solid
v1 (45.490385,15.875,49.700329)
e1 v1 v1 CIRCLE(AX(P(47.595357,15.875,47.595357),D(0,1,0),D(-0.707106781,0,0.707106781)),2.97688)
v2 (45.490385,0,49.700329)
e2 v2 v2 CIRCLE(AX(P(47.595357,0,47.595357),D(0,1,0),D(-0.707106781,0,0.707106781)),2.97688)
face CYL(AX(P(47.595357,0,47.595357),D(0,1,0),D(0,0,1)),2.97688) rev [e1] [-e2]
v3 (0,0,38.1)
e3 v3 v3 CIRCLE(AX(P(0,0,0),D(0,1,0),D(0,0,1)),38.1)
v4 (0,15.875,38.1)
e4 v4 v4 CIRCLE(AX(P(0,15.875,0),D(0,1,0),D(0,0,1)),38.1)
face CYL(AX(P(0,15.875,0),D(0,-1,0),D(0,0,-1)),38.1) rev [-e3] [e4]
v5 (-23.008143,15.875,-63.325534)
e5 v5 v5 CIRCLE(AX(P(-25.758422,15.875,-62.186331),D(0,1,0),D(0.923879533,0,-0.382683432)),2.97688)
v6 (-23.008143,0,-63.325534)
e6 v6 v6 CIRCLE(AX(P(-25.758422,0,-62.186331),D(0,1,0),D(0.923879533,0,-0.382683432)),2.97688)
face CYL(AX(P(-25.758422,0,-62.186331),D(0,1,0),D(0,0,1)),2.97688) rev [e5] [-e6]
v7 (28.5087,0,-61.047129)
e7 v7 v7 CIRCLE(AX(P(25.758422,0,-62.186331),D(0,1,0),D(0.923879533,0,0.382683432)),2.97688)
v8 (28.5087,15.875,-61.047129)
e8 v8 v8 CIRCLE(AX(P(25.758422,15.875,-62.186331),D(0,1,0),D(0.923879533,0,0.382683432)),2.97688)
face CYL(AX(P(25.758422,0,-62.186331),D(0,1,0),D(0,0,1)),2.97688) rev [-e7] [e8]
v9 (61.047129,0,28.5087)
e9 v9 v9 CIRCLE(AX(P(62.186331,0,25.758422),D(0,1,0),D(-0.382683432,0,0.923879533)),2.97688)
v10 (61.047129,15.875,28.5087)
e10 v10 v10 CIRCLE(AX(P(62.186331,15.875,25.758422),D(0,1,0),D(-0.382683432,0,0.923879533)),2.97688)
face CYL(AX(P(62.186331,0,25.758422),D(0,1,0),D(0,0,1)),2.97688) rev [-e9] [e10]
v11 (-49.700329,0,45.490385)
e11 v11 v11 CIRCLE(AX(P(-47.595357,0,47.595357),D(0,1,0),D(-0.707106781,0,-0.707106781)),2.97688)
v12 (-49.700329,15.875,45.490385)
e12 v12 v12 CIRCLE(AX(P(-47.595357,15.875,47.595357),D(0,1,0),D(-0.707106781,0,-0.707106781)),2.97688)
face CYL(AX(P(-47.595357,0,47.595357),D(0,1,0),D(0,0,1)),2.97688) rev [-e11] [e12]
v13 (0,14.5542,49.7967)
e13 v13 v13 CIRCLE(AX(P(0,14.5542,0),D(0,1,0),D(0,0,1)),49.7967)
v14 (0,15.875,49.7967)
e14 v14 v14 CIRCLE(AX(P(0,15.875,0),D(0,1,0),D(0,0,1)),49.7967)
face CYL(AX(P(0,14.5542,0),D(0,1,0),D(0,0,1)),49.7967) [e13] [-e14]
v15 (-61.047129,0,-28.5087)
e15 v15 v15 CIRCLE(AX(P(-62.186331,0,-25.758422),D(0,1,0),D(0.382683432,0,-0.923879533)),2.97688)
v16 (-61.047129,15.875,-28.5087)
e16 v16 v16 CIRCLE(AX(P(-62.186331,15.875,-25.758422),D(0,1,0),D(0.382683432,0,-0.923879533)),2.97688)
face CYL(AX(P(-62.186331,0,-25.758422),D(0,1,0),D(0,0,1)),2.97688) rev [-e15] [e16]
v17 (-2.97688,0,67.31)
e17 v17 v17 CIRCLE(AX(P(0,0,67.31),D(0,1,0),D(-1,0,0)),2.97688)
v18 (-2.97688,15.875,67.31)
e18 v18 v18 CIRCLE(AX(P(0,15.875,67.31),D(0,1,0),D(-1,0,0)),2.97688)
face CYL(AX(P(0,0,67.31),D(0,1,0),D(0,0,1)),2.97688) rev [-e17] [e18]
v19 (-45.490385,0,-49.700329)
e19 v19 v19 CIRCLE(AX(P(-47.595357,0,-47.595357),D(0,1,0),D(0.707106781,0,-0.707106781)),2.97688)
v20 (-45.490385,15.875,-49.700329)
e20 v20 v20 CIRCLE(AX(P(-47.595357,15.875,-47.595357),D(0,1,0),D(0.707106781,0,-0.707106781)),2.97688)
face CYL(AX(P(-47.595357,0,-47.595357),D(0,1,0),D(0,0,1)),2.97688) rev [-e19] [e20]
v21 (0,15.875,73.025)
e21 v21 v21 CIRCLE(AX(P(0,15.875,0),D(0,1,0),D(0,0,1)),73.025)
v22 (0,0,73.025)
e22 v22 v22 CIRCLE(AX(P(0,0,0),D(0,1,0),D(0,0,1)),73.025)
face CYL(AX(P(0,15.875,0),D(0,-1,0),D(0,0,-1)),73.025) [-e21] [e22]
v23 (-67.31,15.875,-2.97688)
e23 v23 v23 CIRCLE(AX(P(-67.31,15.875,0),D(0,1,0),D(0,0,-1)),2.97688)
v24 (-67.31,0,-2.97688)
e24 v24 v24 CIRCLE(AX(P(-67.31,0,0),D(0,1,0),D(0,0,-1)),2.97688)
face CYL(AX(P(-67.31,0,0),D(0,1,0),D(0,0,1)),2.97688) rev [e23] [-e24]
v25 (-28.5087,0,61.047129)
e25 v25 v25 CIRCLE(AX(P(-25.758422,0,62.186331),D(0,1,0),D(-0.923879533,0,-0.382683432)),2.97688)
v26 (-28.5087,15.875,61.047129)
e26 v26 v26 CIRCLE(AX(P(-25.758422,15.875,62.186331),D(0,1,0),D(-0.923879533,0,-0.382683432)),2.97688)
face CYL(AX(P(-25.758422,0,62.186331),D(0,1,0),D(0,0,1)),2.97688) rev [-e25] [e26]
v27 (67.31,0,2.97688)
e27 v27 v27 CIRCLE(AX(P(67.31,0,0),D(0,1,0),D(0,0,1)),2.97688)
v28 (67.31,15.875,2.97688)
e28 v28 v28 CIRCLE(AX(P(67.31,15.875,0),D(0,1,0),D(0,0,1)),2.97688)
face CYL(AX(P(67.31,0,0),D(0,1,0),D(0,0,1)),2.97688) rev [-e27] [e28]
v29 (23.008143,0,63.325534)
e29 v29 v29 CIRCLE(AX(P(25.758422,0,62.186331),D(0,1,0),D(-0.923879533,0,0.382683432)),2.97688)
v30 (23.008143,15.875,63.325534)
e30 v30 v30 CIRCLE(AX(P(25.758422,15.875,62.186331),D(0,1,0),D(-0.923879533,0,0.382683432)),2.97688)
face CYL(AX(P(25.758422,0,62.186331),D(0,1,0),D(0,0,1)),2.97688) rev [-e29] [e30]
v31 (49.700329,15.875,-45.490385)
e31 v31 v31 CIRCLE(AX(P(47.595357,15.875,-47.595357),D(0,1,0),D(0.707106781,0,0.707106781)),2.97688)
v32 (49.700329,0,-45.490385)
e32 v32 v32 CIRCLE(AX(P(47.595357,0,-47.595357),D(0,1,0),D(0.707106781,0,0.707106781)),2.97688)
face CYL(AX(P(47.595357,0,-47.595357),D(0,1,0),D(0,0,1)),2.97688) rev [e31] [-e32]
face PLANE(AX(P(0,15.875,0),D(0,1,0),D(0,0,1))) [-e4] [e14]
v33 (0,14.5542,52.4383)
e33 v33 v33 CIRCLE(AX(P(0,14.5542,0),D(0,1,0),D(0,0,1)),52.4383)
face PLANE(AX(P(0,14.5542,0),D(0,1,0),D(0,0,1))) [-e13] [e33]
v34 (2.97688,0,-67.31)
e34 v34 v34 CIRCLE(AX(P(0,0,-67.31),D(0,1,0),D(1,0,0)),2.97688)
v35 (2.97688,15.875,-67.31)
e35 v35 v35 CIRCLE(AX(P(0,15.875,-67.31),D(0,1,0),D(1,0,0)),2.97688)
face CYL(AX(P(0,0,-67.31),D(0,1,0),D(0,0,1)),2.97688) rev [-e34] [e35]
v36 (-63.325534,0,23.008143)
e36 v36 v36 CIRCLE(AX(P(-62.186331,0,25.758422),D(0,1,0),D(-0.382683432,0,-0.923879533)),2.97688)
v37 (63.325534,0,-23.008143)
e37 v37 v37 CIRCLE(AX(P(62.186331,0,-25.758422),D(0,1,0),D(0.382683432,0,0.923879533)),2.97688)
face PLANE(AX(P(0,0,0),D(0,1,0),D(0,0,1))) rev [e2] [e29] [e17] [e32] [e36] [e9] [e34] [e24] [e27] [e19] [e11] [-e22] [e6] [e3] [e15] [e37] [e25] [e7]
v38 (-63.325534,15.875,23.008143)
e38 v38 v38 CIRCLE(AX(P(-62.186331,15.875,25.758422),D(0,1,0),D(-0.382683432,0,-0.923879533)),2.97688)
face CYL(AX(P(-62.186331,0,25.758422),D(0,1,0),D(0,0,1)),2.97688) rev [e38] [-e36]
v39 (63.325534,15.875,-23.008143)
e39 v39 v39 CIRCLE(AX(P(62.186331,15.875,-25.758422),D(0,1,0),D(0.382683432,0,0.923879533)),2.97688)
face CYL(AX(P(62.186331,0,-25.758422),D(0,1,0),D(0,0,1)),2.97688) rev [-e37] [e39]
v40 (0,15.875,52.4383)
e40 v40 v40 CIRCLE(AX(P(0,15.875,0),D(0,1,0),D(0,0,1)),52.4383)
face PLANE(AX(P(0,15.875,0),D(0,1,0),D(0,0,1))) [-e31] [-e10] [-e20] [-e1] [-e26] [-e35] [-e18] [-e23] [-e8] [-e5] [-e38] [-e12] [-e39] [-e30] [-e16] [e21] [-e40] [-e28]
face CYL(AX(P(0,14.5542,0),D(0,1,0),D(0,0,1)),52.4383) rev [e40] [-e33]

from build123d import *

# Parameters (mm, degrees)
SKETCH1_R           = 73.025
SKETCH1_R_2         = 38.1
BOSS_EXTRUDE1_DEPTH = 15.875
SKETCH2_R           = 2.97688
CUT_EXTRUDE1_DEPTH  = 16.875
CIRPATTERN1_COUNT   = 16
SKETCH3_R           = 52.4383
SKETCH3_R_2         = 49.7967
CUT_EXTRUDE2_DEPTH  = 1.3208


with BuildPart() as part:
    # Sketch1 → Boss-Extrude1 (new body)
    with BuildSketch(Plane(origin=(0, 0, 0), x_dir=(1, 0, 0), z_dir=(0, 1, 0))):
        Circle(SKETCH1_R)
        Circle(SKETCH1_R_2, mode=Mode.SUBTRACT)
    extrude(amount=BOSS_EXTRUDE1_DEPTH)

    # Sketch2 → Cut-Extrude1 (cut, through all)
    with BuildSketch(Plane(origin=(0, 15.875, 0), x_dir=(1, 0, 0), z_dir=(0, 1, 0))):
        with Locations((67.31, 0)):
            Circle(SKETCH2_R)
    cut_extrude1 = extrude(amount=-CUT_EXTRUDE1_DEPTH, mode=Mode.SUBTRACT)

    # CirPattern1: Cut-Extrude1 ×16 about axis
    cirpattern1_axis = Axis((0, 0, 0), (0, 1, 0))
    for i in range(1, CIRPATTERN1_COUNT):
        add(cut_extrude1.rotate(cirpattern1_axis, i * 360 / CIRPATTERN1_COUNT), mode=Mode.SUBTRACT)

    # Sketch3 → Cut-Extrude2 (cut)
    with BuildSketch(Plane(origin=(0, 15.875, 0), x_dir=(1, 0, 0), z_dir=(0, 1, 0))):
        Circle(SKETCH3_R)
        Circle(SKETCH3_R_2, mode=Mode.SUBTRACT)
    extrude(amount=-CUT_EXTRUDE2_DEPTH, mode=Mode.SUBTRACT)


solid = part.part
